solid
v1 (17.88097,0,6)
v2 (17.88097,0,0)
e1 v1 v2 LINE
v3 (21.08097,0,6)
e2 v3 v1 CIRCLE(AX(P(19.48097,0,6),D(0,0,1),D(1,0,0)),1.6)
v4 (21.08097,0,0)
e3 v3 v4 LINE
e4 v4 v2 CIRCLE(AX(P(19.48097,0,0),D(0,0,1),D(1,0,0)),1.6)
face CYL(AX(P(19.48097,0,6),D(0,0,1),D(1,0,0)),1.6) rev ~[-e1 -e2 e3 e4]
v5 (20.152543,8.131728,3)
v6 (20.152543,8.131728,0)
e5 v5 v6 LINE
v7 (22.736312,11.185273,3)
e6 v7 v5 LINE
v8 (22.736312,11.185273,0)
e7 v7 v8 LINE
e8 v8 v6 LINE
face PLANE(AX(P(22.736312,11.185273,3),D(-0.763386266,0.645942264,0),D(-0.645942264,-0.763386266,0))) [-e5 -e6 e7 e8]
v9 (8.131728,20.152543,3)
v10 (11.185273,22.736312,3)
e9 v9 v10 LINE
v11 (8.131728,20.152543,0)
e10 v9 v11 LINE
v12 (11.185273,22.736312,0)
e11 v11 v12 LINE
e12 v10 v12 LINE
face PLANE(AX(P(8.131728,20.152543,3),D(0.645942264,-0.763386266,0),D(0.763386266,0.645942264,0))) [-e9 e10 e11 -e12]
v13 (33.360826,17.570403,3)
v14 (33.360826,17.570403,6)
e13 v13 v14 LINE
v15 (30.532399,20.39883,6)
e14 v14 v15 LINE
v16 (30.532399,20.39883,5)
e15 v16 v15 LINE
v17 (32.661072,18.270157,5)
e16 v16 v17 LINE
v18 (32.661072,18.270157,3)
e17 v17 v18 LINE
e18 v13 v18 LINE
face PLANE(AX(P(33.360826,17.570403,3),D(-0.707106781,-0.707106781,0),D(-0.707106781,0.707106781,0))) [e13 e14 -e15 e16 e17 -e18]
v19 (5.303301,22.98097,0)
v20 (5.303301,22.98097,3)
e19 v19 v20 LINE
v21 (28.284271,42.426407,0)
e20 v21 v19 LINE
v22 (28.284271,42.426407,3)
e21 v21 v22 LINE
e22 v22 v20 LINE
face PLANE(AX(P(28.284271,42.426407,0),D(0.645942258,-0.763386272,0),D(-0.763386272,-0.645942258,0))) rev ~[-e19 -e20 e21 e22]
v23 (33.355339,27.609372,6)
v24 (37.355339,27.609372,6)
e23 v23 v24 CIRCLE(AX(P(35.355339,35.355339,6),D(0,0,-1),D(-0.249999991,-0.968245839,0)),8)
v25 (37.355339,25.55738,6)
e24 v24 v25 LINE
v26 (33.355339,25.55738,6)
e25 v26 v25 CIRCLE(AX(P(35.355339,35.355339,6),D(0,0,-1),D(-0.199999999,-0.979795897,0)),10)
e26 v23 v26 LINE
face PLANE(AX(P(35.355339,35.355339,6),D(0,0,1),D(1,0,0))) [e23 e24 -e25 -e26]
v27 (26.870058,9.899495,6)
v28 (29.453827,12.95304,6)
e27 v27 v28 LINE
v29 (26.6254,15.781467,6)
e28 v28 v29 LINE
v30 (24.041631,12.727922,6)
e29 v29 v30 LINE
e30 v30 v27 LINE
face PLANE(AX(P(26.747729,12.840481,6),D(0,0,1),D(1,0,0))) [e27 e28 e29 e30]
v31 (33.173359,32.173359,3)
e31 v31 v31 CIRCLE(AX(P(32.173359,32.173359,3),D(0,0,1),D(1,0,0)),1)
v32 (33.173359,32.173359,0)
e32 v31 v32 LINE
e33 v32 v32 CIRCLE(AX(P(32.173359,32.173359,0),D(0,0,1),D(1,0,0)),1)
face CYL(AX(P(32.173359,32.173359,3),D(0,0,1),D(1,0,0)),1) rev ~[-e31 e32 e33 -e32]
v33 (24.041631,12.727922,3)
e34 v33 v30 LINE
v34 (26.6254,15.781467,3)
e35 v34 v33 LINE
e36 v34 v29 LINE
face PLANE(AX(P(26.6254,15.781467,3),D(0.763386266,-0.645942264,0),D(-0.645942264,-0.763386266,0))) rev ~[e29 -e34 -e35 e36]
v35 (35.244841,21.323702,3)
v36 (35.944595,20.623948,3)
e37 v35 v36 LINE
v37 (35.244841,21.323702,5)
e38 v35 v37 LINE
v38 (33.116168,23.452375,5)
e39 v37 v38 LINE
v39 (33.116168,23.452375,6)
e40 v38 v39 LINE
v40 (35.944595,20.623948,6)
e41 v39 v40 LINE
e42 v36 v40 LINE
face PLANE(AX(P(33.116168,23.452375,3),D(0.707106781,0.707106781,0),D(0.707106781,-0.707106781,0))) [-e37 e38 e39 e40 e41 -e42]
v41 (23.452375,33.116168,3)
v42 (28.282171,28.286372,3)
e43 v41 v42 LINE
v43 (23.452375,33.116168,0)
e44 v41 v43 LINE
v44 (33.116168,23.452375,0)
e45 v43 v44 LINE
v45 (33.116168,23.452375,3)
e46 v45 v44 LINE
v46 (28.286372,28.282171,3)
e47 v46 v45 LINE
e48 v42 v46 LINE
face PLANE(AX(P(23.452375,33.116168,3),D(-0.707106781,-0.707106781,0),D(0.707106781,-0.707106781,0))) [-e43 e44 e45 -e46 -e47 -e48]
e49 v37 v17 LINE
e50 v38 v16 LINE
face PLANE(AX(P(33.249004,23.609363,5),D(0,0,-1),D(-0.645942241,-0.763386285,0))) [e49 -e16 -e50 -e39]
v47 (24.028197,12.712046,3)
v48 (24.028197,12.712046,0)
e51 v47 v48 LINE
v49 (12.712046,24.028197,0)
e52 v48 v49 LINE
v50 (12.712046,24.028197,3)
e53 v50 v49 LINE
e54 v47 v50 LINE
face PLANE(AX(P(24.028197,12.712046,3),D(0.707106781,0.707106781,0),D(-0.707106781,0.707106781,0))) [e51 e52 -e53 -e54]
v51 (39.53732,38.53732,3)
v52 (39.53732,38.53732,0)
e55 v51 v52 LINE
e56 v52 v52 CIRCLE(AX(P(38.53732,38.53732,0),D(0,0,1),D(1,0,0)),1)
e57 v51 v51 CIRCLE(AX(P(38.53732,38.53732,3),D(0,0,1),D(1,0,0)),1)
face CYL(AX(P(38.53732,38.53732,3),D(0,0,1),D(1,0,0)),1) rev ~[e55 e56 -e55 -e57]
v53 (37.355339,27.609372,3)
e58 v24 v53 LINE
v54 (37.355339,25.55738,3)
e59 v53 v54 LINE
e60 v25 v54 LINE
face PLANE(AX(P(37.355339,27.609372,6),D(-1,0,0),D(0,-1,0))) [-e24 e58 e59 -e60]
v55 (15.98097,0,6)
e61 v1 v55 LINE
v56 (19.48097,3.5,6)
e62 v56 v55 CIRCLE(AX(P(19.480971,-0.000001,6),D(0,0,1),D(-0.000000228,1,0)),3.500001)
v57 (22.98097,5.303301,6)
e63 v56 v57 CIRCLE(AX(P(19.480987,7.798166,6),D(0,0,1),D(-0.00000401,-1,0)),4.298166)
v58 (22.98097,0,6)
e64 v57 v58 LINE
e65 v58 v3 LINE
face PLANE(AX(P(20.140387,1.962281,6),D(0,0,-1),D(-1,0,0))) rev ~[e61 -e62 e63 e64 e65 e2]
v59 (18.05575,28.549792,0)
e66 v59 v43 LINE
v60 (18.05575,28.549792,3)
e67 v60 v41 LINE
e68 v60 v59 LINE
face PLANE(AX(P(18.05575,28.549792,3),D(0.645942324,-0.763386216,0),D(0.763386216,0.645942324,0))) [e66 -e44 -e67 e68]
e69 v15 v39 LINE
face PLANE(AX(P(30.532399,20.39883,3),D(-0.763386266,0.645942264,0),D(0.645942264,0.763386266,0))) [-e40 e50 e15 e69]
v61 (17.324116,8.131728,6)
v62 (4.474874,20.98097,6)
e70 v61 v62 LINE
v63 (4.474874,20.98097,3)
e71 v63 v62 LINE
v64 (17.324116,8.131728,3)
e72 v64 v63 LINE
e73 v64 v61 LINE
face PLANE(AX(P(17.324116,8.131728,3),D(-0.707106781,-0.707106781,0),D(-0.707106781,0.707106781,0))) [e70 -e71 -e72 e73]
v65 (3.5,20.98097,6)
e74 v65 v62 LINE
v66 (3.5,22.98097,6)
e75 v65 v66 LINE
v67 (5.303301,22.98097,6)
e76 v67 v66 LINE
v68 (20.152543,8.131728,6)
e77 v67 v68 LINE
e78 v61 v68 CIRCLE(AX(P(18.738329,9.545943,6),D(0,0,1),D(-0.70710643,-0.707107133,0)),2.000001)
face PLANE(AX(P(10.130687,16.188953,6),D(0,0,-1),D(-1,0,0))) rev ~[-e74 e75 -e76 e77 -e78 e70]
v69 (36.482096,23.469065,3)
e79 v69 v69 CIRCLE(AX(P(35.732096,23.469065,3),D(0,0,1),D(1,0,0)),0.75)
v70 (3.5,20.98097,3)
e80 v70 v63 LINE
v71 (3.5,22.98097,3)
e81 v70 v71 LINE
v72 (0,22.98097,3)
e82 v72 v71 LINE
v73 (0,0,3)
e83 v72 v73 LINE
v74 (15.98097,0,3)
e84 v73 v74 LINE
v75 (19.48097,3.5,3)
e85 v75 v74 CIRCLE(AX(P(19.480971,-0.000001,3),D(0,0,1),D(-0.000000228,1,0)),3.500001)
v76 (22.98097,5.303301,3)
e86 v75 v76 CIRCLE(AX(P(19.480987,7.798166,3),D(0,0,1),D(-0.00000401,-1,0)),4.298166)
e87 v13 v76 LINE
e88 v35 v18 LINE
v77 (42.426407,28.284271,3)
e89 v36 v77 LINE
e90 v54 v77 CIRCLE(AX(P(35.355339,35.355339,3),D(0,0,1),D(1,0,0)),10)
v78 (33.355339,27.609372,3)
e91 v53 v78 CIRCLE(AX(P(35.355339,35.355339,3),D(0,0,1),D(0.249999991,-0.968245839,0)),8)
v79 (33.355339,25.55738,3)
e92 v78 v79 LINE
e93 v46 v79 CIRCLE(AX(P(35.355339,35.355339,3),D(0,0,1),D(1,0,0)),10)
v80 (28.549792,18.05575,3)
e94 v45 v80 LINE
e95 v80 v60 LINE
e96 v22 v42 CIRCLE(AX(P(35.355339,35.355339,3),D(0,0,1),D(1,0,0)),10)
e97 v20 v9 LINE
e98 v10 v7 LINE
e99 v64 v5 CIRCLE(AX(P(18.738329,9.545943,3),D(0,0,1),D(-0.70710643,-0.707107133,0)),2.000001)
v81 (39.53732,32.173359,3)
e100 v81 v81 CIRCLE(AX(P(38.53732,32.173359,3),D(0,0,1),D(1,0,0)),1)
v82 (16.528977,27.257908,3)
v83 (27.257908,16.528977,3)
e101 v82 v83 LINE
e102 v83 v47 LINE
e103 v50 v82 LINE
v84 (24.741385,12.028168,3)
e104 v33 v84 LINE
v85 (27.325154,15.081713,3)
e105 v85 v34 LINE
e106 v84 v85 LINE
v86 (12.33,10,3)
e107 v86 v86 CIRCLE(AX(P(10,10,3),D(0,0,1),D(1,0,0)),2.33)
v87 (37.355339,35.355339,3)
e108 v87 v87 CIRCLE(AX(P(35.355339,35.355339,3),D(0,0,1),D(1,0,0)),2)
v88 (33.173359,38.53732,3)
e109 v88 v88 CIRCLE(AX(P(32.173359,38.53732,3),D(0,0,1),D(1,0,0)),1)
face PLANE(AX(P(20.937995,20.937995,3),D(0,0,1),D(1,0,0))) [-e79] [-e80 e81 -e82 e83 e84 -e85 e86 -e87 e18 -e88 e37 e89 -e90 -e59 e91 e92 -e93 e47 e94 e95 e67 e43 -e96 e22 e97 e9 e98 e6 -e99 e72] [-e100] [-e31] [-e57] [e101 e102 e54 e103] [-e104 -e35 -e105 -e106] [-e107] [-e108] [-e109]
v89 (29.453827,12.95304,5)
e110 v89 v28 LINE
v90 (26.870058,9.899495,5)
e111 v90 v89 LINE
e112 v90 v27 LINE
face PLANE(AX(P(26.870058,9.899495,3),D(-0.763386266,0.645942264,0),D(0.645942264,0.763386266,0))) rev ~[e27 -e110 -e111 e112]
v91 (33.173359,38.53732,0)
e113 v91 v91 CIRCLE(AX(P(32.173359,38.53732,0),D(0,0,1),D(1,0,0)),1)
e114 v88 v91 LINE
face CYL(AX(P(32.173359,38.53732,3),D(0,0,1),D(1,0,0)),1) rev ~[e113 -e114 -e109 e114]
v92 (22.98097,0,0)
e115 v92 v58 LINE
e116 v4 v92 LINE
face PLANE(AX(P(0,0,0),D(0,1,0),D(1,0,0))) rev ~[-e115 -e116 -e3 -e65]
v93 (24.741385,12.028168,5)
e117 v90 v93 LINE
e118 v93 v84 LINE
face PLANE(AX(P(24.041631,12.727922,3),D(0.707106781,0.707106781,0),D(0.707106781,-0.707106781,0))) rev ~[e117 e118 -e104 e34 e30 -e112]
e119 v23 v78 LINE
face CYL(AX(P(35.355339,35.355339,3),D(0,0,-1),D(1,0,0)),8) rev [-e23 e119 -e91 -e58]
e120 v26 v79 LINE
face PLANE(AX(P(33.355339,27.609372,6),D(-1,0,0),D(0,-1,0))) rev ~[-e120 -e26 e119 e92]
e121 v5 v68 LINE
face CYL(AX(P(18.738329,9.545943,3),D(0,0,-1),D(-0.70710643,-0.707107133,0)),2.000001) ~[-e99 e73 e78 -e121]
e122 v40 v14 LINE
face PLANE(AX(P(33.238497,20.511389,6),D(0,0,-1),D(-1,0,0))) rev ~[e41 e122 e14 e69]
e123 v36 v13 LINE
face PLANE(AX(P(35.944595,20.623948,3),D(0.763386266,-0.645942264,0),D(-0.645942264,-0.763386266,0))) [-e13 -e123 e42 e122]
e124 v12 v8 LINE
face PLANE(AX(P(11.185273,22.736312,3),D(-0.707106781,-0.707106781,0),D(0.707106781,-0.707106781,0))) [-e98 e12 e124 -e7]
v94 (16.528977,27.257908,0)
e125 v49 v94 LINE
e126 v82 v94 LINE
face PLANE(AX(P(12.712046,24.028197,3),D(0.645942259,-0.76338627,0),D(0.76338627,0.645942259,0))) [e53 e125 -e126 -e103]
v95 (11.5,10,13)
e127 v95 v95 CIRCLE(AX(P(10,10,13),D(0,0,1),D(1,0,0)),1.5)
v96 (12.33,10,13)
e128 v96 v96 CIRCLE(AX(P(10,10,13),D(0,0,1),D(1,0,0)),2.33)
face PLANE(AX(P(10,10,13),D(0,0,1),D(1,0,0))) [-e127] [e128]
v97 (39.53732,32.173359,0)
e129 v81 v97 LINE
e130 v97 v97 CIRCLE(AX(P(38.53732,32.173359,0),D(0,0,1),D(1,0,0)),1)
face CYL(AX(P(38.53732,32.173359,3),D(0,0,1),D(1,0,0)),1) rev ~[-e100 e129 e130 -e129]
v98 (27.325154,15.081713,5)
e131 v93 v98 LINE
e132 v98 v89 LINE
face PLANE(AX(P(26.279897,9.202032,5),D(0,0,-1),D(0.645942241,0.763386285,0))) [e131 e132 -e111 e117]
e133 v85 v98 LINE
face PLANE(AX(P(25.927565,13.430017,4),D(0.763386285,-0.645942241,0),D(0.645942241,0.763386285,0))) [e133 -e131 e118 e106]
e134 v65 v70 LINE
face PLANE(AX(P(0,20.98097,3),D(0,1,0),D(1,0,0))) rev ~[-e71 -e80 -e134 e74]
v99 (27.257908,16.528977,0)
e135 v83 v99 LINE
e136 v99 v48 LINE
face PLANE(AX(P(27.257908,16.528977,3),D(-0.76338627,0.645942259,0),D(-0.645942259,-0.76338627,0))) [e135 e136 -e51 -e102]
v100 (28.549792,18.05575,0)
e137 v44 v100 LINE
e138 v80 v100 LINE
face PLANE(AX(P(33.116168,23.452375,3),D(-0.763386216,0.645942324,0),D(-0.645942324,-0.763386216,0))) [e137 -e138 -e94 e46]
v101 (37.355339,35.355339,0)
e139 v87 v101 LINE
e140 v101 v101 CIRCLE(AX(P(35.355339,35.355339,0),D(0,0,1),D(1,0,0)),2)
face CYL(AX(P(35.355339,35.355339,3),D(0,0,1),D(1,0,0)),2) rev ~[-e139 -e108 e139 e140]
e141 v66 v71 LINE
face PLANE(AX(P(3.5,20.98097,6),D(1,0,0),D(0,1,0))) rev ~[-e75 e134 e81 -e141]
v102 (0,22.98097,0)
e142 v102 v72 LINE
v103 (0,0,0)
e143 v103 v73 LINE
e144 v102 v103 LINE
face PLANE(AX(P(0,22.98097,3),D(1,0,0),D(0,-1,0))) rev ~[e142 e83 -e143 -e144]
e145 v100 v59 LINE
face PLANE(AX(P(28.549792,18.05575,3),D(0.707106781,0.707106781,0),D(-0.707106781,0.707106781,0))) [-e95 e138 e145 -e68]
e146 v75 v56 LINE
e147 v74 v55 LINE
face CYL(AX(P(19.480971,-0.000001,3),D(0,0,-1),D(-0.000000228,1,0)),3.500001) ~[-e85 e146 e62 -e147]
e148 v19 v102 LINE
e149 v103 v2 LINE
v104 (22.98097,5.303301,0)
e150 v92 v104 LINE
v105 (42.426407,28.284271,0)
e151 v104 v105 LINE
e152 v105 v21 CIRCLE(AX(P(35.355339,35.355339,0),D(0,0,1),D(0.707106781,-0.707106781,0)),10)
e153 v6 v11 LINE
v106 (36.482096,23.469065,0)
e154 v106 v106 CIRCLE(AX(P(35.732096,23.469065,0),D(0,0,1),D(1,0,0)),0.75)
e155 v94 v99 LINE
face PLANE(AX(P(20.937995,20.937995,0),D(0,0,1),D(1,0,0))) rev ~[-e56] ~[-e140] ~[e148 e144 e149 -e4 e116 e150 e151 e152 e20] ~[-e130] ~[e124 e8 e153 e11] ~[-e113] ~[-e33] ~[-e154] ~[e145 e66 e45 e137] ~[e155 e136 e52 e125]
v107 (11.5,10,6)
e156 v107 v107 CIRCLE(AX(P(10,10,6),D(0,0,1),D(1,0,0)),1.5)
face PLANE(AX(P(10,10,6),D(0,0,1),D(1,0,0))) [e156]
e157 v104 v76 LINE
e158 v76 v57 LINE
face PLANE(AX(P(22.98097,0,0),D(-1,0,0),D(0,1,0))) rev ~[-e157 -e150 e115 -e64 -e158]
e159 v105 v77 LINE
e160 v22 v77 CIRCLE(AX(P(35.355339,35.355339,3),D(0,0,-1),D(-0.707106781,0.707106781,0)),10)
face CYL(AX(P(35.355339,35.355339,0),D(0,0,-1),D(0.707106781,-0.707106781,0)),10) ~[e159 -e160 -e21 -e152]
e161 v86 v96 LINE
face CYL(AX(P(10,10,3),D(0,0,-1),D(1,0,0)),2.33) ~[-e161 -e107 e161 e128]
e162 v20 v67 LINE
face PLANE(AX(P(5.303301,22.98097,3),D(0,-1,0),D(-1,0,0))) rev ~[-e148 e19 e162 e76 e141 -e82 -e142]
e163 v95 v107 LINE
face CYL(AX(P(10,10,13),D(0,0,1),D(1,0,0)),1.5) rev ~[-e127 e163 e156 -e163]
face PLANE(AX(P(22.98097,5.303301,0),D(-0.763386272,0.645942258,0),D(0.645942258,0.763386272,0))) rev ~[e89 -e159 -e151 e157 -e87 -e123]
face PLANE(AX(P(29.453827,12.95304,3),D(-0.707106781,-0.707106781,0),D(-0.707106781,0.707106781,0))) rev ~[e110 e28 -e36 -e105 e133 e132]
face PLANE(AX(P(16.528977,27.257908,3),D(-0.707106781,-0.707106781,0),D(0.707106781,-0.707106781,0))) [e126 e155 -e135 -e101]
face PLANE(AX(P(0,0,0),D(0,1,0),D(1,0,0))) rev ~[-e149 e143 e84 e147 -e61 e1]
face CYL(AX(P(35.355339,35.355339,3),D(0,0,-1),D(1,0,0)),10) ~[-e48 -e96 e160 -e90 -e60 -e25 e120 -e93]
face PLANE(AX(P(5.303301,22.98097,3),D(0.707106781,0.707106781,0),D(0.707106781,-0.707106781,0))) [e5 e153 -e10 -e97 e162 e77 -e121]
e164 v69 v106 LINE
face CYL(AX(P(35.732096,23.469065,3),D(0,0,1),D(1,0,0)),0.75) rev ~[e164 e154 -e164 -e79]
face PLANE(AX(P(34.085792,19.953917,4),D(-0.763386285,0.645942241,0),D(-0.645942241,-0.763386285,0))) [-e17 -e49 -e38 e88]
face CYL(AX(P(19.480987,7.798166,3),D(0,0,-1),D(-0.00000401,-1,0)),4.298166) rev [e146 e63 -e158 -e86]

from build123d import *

# Parameters (mm, degrees)
PAD_DEPTH       = 3
SKETCH002_R     = 2
SKETCH002_R_2   = 1
POCKET_DEPTH    = 3
POCKET001_DEPTH = 3
SKETCH005_R     = 2.33
PAD001_DEPTH    = 10
PAD002_DEPTH    = 3
SKETCH009_R     = 10
SKETCH009_R_2   = 8
PAD003_DEPTH    = 3
SKETCH011_R     = 0.75
POCKET002_DEPTH = 3
PAD004_DEPTH    = 3
SKETCH007_R     = 1.5
POCKET003_DEPTH = 7
POCKET004_DEPTH = 6
SKETCH014_W     = 3.5
SKETCH014_H     = 2
POCKET005_DEPTH = 3
POCKET006_DEPTH = 3
SKETCH013_W     = 6
SKETCH013_H     = 2
POCKET007_DEPTH = 3
SKETCH012_W     = 4.5
SKETCH012_H     = 2
POCKET008_DEPTH = 3


with BuildPart() as part:
    # Sketch001 → Pad (new body)
    with BuildSketch(Plane.XY):
        with BuildLine():
            Line((28.284271, 42.426407), (5.303301, 22.98097))
            Line((5.303301, 22.98097), (0, 22.98097))
            Line((0, 22.98097), (0, 0))
            Line((0, 0), (22.98097, 0))
            Line((22.98097, 0), (22.98097, 5.303301))
            Line((22.98097, 5.303301), (42.426407, 28.284271))
            ThreePointArc((42.426407, 28.284271), (42.426407, 42.426407), (28.284271, 42.426407))
        make_face()
    extrude(amount=PAD_DEPTH)

    # Sketch002 → Pocket (cut)
    with BuildSketch(Plane.XY.offset(3)):
        with Locations((35.355339, 35.355339)):
            Circle(SKETCH002_R)
        with Locations((38.53732, 38.53732)):
            Circle(SKETCH002_R_2)
        with Locations((32.173359, 38.53732)):
            Circle(SKETCH002_R_2)
        with Locations((32.173359, 32.173359)):
            Circle(SKETCH002_R_2)
        with Locations((38.53732, 32.173359)):
            Circle(SKETCH002_R_2)
    extrude(amount=-POCKET_DEPTH, mode=Mode.SUBTRACT)

    # Sketch003 → Pocket001 (cut)
    with BuildSketch(Plane.XY.offset(3)):
        Polygon((20.152543, 8.131728), (8.131728, 20.152543), (11.185273, 22.736312), (22.736312, 11.185273), align=None)
        Polygon((24.028197, 12.712046), (12.712046, 24.028197), (16.528977, 27.257908), (27.257908, 16.528977), align=None)
        Polygon((28.549792, 18.05575), (18.05575, 28.549792), (23.452375, 33.116168), (33.116168, 23.452375), align=None)
    extrude(amount=-POCKET001_DEPTH, mode=Mode.SUBTRACT)

    # Sketch005 → Pad001 (new body)
    with BuildSketch(Plane.XY.offset(3)):
        with Locations((10, 10)):
            Circle(SKETCH005_R)
    extrude(amount=PAD001_DEPTH)

    # Sketch004 → Pad002 (new body)
    with BuildSketch(Plane.XY.offset(3)):
        with BuildLine():
            Line((5.303301, 22.98097), (20.152543, 8.131728))
            ThreePointArc((17.324116, 8.131728), (18.73833, 7.545942), (20.152543, 8.131728))
            Line((17.324116, 8.131728), (4.474874, 20.98097))
            Line((0, 20.98097), (4.474874, 20.98097))
            Line((0, 22.98097), (0, 20.98097))
            Line((5.303301, 22.98097), (0, 22.98097))
        make_face()
        with BuildLine():
            Line((22.98097, 5.303301), (22.98097, 0))
            Line((22.98097, 0), (20.98097, 0))
            Line((20.98097, 0), (17.98097, 0))
            Line((17.98097, 0), (15.98097, 0))
            ThreePointArc((19.48097, 3.5), (17.006097, 2.474874), (15.98097, 0))
            ThreePointArc((19.48097, 3.5), (21.449594, 3.977326), (22.98097, 5.303301))
        make_face()
    extrude(amount=PAD002_DEPTH)

    # Sketch009 → Pad003 (new body)
    with BuildSketch(Plane.XY.offset(3)):
        with Locations((35.355339, 35.355339)):
            Circle(SKETCH009_R)
        with Locations((35.355339, 35.355339)):
            Circle(SKETCH009_R_2, mode=Mode.SUBTRACT)
    extrude(amount=PAD003_DEPTH)

    # Sketch011 → Pocket002 (cut)
    with BuildSketch(Plane.XY.offset(3)):
        with Locations((35.732096, 23.469065)):
            Circle(SKETCH011_R)
    extrude(amount=-POCKET002_DEPTH, mode=Mode.SUBTRACT)

    # Sketch006 → Pad004 (new body)
    with BuildSketch(Plane.XY.offset(3)):
        Polygon((35.944595, 20.623948), (33.360826, 17.570403), (30.532399, 20.39883), (33.116168, 23.452375), align=None)
        Polygon((24.041631, 12.727922), (26.870058, 9.899495), (29.453827, 12.95304), (26.6254, 15.781467), align=None)
    extrude(amount=PAD004_DEPTH)

    # Sketch007 → Pocket003 (cut)
    with BuildSketch(Plane.XY.offset(13)):
        with Locations((10, 10)):
            Circle(SKETCH007_R)
    extrude(amount=-POCKET003_DEPTH, mode=Mode.SUBTRACT)

    # Sketch008 → Pocket004 (cut)
    with BuildSketch(Plane.XY.offset(6)):
        with BuildLine():
            ThreePointArc((21.08097, 0), (19.48097, 1.6), (17.88097, 0))
            Line((21.08097, 0), (17.88097, 0))
        make_face()
    extrude(amount=-POCKET004_DEPTH, mode=Mode.SUBTRACT)

    # Sketch014 → Pocket005 (cut)
    with BuildSketch(Plane.XY.offset(6)):
        with Locations((1.75, 21.98097)):
            Rectangle(SKETCH014_W, SKETCH014_H)
    extrude(amount=-POCKET005_DEPTH, mode=Mode.SUBTRACT)

    # Sketch010 → Pocket006 (cut)
    with BuildSketch(Plane.XY.offset(6)):
        with BuildLine():
            ThreePointArc((33.355339, 27.609372), (35.355339, 27.355339), (37.355339, 27.609372))
            Line((37.355339, 27.609372), (37.355339, 25.55738))
            ThreePointArc((33.355339, 25.55738), (35.355339, 25.355339), (37.355339, 25.55738))
            Line((33.355339, 27.609372), (33.355339, 25.55738))
        make_face()
    extrude(amount=-POCKET006_DEPTH, mode=Mode.SUBTRACT)

    # Sketch013 → Pocket007 (cut)
    with BuildSketch(Plane(origin=(10.777283, -9.119239, 0), x_dir=(0.645942, 0.763386, 0), z_dir=(0.763386, -0.645942, 0))):
        with Locations((27, 4)):
            Rectangle(SKETCH013_W, SKETCH013_H)
    extrude(amount=-POCKET007_DEPTH, mode=Mode.SUBTRACT)

    # Sketch012 → Pocket008 (cut)
    with BuildSketch(Plane(origin=(7.734285, -6.544395, 0), x_dir=(-0.645942, -0.763386, 0), z_dir=(-0.763386, 0.645942, 0))):
        with Locations((-37.25, 4)):
            Rectangle(SKETCH012_W, SKETCH012_H)
    extrude(amount=-POCKET008_DEPTH, mode=Mode.SUBTRACT)


solid = part.part
